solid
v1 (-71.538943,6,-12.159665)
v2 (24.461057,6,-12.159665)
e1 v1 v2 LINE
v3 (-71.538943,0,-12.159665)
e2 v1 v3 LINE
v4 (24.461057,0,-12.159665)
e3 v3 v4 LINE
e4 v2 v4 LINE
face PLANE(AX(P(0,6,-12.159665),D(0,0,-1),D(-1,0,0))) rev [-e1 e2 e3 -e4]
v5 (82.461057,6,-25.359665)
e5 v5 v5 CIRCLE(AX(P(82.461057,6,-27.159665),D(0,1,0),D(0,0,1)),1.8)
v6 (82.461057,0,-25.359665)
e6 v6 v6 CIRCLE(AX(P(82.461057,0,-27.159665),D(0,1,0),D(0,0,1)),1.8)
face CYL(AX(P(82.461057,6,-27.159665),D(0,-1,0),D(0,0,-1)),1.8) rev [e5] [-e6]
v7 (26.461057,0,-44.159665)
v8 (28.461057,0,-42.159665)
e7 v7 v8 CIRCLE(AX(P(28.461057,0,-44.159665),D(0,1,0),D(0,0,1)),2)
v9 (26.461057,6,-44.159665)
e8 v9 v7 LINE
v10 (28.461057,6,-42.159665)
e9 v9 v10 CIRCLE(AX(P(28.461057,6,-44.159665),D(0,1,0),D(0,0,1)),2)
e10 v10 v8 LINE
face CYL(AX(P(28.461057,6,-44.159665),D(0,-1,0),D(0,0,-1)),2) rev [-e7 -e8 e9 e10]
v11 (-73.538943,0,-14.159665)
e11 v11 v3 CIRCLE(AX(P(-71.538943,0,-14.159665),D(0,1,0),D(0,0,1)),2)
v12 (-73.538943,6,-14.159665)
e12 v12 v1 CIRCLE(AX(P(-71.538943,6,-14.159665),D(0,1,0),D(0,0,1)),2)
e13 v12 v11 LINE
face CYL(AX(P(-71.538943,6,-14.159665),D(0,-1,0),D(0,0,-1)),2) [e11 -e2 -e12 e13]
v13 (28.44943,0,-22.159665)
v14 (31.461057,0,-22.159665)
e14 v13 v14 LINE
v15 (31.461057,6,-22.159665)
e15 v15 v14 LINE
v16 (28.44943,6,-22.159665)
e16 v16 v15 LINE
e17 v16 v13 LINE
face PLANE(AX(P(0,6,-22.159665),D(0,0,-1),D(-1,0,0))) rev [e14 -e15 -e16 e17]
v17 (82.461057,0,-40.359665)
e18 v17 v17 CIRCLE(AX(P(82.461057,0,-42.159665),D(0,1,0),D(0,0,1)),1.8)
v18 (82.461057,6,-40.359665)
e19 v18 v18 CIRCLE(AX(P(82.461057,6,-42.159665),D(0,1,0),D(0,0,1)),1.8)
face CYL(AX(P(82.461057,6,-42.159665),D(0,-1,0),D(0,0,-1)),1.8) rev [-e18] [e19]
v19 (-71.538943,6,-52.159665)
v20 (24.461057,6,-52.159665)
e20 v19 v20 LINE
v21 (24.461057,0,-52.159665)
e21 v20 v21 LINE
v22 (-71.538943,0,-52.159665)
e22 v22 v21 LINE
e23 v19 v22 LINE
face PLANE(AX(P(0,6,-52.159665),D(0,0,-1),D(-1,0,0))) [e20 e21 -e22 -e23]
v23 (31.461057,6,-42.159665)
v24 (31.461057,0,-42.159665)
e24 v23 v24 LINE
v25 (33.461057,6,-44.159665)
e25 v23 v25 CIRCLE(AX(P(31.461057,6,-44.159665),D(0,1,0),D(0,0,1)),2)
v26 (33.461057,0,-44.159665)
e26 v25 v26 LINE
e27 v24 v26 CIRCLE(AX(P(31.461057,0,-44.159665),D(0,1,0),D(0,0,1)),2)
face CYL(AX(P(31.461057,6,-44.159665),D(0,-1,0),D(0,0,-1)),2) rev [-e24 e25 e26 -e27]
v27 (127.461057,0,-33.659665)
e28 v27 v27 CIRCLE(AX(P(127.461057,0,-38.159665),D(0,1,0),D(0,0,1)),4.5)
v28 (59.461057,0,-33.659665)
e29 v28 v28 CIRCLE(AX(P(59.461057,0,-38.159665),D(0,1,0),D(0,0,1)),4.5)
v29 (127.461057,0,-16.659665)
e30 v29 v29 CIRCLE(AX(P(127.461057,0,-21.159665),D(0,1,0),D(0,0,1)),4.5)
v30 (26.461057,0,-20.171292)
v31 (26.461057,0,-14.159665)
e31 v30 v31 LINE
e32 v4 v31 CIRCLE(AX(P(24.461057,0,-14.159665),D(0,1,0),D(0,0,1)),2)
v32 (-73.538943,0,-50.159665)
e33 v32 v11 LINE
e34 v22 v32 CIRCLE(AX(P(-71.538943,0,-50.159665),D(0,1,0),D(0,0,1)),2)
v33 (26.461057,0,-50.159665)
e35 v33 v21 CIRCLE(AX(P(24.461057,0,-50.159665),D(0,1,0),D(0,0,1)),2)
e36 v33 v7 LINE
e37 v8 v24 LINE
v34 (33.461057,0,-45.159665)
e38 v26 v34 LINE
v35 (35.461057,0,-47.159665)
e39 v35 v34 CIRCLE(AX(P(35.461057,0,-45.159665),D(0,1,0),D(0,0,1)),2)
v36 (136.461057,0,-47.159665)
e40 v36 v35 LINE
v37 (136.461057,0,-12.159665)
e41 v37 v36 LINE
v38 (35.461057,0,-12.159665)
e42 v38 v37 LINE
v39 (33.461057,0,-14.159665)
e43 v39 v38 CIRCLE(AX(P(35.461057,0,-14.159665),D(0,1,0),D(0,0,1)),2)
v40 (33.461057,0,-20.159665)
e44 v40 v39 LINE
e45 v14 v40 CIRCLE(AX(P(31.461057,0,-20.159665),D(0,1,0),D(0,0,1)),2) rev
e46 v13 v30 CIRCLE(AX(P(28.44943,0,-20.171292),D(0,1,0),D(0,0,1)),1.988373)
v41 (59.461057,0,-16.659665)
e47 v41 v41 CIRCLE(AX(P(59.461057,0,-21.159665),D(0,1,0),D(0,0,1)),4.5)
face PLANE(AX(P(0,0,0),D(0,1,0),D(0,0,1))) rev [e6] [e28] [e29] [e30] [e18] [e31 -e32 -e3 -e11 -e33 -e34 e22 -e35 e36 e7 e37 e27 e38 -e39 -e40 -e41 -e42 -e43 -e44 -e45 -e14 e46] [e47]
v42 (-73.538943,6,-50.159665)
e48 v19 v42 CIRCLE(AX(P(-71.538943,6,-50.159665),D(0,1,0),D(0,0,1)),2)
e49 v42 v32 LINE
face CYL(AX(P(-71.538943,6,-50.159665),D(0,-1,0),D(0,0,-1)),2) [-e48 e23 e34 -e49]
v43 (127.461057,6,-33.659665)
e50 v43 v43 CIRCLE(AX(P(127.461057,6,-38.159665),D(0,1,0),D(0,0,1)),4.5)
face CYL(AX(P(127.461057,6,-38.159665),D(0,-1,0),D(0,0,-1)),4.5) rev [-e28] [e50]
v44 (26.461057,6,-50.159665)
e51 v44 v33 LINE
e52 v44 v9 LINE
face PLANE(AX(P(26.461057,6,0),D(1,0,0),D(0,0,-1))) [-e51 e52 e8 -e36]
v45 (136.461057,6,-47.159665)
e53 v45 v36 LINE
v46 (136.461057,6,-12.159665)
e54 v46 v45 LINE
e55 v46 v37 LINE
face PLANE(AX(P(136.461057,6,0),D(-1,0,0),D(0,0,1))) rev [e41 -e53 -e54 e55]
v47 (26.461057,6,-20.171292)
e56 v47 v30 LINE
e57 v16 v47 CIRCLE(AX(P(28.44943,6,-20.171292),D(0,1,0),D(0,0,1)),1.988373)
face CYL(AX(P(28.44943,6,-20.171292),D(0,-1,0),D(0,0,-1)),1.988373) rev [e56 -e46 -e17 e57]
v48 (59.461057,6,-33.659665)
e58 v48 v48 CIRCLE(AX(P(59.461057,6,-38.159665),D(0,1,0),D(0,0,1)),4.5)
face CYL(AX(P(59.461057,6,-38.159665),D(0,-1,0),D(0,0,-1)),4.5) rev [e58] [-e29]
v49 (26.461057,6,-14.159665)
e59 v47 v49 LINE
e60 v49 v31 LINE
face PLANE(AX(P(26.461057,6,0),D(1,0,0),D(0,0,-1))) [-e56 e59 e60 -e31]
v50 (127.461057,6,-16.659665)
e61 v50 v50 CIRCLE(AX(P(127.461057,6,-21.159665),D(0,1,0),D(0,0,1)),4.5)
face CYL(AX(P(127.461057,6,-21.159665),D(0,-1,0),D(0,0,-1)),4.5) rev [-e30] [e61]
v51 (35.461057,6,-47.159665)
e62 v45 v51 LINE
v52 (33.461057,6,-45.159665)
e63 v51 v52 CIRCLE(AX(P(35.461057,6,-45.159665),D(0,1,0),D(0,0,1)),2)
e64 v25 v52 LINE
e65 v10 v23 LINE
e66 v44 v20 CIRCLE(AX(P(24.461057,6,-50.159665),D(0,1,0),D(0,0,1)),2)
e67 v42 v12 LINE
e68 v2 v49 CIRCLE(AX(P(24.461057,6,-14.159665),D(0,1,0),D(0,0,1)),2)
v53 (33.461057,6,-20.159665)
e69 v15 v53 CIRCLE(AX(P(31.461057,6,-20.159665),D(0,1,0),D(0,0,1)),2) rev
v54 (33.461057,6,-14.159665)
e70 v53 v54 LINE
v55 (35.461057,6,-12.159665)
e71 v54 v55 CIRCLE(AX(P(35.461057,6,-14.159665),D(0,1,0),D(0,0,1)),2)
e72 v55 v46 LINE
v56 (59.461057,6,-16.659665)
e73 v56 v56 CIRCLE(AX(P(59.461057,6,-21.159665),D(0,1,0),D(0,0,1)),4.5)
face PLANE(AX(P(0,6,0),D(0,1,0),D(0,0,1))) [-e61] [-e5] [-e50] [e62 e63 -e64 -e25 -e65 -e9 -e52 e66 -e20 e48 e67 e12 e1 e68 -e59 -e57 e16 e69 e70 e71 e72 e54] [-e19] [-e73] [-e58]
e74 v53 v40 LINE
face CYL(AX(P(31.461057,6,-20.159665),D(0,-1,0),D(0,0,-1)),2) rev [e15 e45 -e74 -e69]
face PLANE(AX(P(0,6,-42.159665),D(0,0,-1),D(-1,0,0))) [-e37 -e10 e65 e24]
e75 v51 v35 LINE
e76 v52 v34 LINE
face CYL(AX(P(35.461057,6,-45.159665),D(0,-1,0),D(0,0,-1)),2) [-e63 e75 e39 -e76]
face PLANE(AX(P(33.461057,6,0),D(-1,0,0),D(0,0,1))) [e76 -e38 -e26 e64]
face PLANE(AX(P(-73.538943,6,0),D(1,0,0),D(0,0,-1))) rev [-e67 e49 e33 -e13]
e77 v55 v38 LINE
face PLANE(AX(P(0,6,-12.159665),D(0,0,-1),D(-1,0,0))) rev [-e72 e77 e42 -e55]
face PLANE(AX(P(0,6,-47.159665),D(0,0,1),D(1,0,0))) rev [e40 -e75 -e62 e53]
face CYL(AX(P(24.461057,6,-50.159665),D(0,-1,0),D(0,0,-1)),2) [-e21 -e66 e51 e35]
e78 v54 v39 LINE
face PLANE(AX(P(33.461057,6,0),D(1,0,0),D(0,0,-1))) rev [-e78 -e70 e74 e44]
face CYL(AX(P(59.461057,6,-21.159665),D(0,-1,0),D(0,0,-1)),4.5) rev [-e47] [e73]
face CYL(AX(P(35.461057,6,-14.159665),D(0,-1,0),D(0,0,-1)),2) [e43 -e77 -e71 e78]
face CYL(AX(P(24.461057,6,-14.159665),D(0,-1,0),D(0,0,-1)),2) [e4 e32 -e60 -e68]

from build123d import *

# Parameters (mm, degrees)
SKETCH_4_R      = 4.5
SKETCH_4_R_2    = 1.8
EXTRUDE_1_DEPTH = 6


with BuildPart() as part:
    # 草图4 → 凸台-拉伸1 (new body)
    with BuildSketch(Plane(origin=(0, 0, 0), x_dir=(1, 0, 0), z_dir=(0, 1, 0))):
        with BuildLine():
            Line((136.46105702, 22.159664941), (136.46105702, 47.159664941))
            Line((136.46105702, 47.159664941), (35.46105702, 47.159664941))
            ThreePointArc((35.46105702, 47.159664941), (34.046843458, 46.573878503), (33.46105702, 45.159664941))
            Line((33.46105702, 45.159664941), (33.46105702, 44.159664941))
            ThreePointArc((33.46105702, 44.159664941), (32.875270583, 42.745451378), (31.46105702, 42.159664941))
            Line((31.46105702, 42.159664941), (28.46105702, 42.159664941))
            ThreePointArc((28.46105702, 42.159664941), (27.046843458, 42.745451378), (26.46105702, 44.159664941))
            Line((26.46105702, 44.159664941), (26.46105702, 49.744433688))
            Line((26.46105702, 49.744433688), (26.46105702, 50.159664941))
            ThreePointArc((26.46105702, 50.159664941), (25.875270583, 51.573878503), (24.46105702, 52.159664941))
            Line((24.46105702, 52.159664941), (-71.53894298, 52.159664941))
            ThreePointArc((-71.53894298, 52.159664941), (-72.953156542, 51.573878503), (-73.53894298, 50.159664941))
            Line((-73.53894298, 50.159664941), (-73.53894298, 14.159664941))
            ThreePointArc((-73.53894298, 14.159664941), (-72.953156542, 12.745451378), (-71.53894298, 12.159664941))
            Line((-71.53894298, 12.159664941), (24.46105702, 12.159664941))
            ThreePointArc((24.46105702, 12.159664941), (25.875270583, 12.745451378), (26.46105702, 14.159664941))
            Line((26.46105702, 14.159664941), (26.46105702, 20.171292313))
            ThreePointArc((26.46105702, 20.171292313), (27.04343788, 21.577284081), (28.449429648, 22.159664941))
            Line((28.449429648, 22.159664941), (31.46105702, 22.159664941))
            ThreePointArc((31.46105702, 22.159664941), (32.875270583, 21.573878503), (33.46105702, 20.159664941))
            Line((33.46105702, 20.159664941), (33.46105702, 14.159664941))
            ThreePointArc((33.46105702, 14.159664941), (34.046843458, 12.745451378), (35.46105702, 12.159664941))
            Line((35.46105702, 12.159664941), (136.46105702, 12.159664941))
            Line((136.46105702, 12.159664941), (136.46105702, 22.159664941))
        make_face()
        with Locations((59.46105702, 21.159664941)):
            Circle(SKETCH_4_R, mode=Mode.SUBTRACT)
        with Locations((127.46105702, 21.159664941)):
            Circle(SKETCH_4_R, mode=Mode.SUBTRACT)
        with Locations((82.46105702, 27.159664941)):
            Circle(SKETCH_4_R_2, mode=Mode.SUBTRACT)
        with Locations((59.46105702, 38.159664941)):
            Circle(SKETCH_4_R, mode=Mode.SUBTRACT)
        with Locations((127.46105702, 38.159664941)):
            Circle(SKETCH_4_R, mode=Mode.SUBTRACT)
        with Locations((82.46105702, 42.159664941)):
            Circle(SKETCH_4_R_2, mode=Mode.SUBTRACT)
    extrude(amount=EXTRUDE_1_DEPTH)


solid = part.part
